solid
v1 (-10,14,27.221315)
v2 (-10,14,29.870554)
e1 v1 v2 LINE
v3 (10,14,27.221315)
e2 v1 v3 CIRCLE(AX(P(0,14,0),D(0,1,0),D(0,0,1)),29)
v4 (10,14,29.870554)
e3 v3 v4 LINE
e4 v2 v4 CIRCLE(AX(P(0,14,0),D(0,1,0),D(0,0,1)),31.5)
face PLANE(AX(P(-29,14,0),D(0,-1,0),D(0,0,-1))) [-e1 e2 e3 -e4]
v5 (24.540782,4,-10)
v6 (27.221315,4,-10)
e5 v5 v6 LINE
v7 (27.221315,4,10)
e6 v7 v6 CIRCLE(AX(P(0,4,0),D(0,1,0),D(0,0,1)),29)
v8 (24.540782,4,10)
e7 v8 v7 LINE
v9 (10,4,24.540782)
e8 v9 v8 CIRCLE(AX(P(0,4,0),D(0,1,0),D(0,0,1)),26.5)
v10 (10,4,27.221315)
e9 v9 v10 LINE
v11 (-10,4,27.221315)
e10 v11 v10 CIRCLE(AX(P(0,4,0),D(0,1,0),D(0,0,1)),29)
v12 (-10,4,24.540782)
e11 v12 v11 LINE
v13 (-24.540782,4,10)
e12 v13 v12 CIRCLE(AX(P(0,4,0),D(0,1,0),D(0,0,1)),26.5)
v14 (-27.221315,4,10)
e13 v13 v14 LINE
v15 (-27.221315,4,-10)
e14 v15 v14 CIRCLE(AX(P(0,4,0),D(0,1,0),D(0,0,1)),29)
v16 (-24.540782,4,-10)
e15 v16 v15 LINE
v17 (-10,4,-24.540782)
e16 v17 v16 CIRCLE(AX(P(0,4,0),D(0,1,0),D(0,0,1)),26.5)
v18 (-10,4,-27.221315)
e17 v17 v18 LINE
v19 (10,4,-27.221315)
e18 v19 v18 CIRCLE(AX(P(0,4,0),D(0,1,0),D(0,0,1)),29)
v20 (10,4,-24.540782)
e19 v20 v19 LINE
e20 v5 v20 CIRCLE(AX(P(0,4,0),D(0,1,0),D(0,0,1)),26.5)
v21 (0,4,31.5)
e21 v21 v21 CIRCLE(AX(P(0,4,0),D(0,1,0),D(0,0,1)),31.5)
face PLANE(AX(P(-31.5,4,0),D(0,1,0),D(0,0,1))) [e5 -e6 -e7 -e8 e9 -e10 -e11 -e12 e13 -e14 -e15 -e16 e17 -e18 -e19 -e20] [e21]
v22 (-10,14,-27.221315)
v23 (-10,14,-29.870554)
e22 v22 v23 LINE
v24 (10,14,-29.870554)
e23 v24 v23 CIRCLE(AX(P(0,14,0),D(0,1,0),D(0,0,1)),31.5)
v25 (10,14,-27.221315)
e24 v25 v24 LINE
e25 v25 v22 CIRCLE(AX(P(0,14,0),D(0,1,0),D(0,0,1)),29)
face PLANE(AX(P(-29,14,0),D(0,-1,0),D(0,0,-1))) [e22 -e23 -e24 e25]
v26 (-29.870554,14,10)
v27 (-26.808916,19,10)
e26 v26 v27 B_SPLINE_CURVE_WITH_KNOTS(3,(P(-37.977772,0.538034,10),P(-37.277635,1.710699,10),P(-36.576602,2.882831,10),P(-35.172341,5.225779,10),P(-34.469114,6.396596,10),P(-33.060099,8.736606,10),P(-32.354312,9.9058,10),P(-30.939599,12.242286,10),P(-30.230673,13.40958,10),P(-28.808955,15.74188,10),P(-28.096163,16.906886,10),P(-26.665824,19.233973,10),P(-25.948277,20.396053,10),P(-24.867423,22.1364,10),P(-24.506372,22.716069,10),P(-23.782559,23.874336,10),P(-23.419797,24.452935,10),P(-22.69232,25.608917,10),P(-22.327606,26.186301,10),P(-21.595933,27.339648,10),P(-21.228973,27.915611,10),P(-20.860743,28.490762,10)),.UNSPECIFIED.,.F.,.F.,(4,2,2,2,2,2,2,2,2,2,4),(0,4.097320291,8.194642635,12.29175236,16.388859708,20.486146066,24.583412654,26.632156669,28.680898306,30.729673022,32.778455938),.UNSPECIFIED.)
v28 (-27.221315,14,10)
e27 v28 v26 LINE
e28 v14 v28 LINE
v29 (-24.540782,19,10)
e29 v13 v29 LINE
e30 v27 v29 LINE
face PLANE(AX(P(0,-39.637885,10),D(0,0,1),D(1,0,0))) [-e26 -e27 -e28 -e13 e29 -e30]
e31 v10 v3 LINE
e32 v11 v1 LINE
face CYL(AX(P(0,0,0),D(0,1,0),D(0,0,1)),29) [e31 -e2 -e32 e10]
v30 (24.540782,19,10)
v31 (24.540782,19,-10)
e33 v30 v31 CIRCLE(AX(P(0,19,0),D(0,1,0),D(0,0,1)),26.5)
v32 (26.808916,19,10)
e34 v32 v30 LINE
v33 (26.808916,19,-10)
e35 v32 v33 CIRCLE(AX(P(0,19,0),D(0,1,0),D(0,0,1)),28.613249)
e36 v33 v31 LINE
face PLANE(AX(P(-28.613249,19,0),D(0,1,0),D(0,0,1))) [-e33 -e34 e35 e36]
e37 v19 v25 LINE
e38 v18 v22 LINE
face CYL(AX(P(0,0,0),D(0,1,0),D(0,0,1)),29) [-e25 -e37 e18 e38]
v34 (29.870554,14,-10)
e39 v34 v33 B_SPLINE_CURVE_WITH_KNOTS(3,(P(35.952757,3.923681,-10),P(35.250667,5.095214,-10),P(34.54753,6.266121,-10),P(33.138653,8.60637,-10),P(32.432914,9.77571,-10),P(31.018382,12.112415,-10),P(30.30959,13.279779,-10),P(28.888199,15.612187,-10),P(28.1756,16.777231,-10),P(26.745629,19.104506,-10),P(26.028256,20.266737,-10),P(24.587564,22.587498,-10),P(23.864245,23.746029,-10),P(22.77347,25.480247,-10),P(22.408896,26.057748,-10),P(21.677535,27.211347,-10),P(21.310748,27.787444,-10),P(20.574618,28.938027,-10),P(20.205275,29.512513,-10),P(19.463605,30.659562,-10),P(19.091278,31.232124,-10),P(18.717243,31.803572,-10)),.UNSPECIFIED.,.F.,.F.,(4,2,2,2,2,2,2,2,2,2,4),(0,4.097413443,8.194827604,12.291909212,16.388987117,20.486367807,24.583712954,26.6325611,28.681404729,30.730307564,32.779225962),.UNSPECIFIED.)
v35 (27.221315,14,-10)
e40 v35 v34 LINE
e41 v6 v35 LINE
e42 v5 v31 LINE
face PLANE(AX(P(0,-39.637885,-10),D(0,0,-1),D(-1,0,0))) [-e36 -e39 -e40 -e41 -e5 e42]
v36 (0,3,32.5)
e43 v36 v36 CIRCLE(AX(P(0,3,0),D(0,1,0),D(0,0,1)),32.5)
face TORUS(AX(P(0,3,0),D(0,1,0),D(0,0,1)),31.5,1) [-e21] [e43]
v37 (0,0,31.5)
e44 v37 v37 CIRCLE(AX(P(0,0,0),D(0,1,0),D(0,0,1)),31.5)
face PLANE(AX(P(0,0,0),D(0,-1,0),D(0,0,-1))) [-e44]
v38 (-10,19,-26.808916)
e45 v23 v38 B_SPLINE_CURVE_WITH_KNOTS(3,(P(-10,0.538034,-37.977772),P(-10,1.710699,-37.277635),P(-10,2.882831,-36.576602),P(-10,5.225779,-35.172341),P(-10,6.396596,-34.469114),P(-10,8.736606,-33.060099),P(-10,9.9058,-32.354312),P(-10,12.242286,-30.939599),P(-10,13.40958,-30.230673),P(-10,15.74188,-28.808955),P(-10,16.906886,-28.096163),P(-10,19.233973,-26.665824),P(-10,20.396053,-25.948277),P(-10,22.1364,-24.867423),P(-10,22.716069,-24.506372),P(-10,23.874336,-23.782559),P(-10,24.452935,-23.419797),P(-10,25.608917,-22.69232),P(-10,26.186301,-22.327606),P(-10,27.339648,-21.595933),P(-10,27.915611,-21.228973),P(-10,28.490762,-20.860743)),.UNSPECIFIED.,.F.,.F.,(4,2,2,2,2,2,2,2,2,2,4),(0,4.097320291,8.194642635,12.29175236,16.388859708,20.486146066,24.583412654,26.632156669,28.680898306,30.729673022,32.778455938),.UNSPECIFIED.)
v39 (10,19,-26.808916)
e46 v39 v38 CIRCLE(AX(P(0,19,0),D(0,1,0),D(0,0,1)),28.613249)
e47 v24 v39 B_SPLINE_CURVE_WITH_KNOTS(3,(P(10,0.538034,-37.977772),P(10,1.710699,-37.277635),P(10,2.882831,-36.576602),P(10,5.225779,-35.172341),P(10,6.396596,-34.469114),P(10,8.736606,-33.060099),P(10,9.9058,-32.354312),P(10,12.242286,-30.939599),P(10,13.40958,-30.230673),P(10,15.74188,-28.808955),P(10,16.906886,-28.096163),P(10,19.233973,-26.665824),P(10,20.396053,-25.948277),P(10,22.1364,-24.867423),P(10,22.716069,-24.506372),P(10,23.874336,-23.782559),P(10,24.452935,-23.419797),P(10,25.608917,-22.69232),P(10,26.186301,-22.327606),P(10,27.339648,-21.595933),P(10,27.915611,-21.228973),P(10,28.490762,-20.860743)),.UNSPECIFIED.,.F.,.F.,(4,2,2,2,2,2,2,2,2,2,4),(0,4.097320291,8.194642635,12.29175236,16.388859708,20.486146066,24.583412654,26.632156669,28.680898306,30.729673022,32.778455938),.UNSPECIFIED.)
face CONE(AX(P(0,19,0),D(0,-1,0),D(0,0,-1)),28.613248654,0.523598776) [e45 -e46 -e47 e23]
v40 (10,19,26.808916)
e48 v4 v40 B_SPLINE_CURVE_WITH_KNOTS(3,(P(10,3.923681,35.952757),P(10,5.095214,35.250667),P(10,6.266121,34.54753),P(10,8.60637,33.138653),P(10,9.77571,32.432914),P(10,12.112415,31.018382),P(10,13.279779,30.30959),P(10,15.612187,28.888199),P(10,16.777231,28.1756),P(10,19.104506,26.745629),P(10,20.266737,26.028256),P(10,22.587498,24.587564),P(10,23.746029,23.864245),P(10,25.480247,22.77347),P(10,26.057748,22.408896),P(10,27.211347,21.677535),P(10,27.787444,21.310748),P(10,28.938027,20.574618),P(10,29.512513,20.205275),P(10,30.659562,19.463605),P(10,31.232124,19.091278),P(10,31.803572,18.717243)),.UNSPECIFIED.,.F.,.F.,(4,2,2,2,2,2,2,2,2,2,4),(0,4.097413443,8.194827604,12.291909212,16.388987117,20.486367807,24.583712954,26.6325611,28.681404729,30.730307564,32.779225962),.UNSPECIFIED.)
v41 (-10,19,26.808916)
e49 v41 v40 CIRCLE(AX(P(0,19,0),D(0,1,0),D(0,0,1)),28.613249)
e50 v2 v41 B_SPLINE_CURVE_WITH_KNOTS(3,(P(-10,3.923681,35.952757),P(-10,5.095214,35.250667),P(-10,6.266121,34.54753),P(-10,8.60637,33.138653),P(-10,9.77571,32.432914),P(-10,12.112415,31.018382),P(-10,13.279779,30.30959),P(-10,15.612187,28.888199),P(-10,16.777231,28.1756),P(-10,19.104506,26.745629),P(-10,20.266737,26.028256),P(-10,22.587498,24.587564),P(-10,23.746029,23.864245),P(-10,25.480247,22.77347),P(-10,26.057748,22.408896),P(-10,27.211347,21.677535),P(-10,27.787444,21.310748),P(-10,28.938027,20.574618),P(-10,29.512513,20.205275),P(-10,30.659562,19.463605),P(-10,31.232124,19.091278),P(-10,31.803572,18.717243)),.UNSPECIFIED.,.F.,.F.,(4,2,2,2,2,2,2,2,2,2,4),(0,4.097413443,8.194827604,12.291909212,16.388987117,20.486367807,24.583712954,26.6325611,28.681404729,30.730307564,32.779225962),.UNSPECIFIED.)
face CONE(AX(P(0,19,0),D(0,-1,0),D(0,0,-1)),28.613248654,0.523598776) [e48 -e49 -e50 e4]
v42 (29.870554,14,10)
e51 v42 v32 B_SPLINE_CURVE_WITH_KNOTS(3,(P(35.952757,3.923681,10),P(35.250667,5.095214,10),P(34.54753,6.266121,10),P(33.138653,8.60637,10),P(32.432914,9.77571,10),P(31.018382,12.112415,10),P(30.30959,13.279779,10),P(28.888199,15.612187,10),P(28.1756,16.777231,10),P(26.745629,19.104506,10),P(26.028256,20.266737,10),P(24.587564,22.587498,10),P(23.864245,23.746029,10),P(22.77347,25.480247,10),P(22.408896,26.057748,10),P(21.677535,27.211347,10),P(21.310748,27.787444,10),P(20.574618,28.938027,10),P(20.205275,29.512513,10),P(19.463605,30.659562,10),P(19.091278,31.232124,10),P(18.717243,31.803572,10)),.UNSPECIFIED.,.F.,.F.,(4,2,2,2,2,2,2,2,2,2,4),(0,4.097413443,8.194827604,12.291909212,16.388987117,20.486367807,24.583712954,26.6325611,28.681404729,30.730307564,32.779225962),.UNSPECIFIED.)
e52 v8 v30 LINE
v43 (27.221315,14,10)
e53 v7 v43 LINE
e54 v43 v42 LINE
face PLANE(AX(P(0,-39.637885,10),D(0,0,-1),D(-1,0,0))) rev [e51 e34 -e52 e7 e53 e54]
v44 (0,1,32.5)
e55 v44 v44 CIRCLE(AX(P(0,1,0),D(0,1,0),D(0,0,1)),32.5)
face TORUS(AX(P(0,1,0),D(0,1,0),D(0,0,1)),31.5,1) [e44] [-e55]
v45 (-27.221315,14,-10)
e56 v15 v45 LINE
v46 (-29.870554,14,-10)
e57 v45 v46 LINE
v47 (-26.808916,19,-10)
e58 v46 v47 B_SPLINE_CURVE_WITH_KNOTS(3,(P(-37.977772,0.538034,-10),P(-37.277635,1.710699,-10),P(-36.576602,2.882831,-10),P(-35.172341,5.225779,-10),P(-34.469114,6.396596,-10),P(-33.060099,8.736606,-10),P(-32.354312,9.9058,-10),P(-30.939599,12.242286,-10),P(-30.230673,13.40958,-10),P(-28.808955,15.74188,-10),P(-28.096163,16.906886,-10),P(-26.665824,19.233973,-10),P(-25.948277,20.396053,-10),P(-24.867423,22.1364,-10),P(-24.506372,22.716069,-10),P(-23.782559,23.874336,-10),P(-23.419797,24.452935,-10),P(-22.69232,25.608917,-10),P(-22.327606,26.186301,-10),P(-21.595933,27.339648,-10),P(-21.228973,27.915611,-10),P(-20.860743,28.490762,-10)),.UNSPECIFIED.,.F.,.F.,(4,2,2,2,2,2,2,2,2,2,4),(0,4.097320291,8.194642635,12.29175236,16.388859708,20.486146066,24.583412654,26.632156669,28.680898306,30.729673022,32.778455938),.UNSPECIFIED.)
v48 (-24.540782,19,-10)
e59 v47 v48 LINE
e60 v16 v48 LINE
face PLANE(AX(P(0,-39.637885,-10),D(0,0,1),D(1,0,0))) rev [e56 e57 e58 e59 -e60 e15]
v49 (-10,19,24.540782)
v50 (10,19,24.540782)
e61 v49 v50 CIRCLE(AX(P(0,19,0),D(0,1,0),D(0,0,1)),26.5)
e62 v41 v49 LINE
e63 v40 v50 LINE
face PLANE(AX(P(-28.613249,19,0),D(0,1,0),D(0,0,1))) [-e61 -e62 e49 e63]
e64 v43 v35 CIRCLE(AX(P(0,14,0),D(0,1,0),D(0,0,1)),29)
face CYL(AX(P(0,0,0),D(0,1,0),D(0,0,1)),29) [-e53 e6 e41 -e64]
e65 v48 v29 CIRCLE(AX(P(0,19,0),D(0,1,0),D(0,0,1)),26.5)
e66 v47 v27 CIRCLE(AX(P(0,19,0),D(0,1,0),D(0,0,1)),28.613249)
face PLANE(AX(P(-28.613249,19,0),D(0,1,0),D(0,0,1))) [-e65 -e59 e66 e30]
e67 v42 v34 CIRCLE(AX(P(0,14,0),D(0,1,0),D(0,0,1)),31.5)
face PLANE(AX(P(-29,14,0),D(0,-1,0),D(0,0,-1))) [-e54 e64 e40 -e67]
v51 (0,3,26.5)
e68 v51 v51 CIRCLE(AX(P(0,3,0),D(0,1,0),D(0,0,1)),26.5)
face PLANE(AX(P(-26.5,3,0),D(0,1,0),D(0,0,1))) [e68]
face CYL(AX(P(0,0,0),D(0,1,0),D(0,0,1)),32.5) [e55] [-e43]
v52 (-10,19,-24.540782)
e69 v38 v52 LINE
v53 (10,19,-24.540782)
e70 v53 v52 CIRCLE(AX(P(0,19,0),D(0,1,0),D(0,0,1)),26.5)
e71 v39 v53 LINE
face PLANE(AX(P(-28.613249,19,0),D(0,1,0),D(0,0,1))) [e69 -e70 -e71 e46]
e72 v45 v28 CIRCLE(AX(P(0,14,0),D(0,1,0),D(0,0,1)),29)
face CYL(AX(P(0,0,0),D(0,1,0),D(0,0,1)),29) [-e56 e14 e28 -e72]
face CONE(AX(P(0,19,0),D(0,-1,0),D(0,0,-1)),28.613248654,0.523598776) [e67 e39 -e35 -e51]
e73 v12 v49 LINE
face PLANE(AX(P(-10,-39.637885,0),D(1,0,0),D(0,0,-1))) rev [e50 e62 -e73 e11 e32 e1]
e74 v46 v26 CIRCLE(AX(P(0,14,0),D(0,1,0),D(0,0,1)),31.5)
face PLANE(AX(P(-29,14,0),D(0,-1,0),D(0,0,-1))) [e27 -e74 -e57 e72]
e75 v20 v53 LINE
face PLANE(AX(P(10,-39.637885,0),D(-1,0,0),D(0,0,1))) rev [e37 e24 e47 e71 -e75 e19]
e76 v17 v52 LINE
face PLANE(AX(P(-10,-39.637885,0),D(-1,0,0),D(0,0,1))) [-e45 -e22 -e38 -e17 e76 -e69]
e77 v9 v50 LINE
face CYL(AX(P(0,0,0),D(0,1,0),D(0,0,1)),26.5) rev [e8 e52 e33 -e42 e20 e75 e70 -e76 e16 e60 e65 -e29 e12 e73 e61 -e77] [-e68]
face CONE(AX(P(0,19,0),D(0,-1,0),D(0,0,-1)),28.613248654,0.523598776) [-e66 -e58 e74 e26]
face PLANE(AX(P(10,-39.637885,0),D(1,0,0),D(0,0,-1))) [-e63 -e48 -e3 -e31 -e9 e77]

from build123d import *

# Parameters (mm, degrees)
CUT_EXTRUDE_1_REACH = 51.734


with BuildPart() as part:
    # Эскиз1 → Повернуть1 (revolve)
    with BuildSketch(Plane.XY, mode=Mode.PRIVATE) as revolve_1_sk:
        with BuildLine():
            Line((0, 0), (-31.5, 0))
            ThreePointArc((-31.5, 0), (-32.207106781, 0.292893219), (-32.5, 1))
            Line((-32.5, 1), (-32.5, 3))
            ThreePointArc((-32.5, 3), (-32.207106781, 3.707106781), (-31.5, 4))
            Line((-31.5, 4), (-29, 4))
            Line((-29, 4), (-29, 14))
            Line((-29, 14), (-31.5, 14))
            Line((-31.5, 14), (-28.613248654, 19))
            Line((-28.613248654, 19), (-26.5, 19))
            Line((-26.5, 19), (-26.5, 3))
            Line((-26.5, 3), (0, 3))
            Line((0, 3), (0, 0))
        make_face()
    revolve(revolve_1_sk.sketch.rotate(Axis((0, 0, 0), (0, -1, 0)), 270), axis=Axis((0, 0, 0), (0, -1, 0)))

    # Вырез-Вытянуть1: up to this face of the body (flat: up to its plane)
    cut_extrude_1_end = Plane(part.part.faces().sort_by_distance((0, 4, -30.609045456))[0])
    # Эскиз2 → Вырез-Вытянуть1 (cut, up to the picked face)
    with BuildSketch(Plane(origin=(0, 19, 0), x_dir=(1, 0, 0), z_dir=(0, 1, 0)), mode=Mode.PRIVATE) as cut_extrude_1_sk1:
        with BuildLine():
            Line((-10, 26.8089164), (-10, 40.856644609))
            ThreePointArc((-10, 40.856644609), (-29.742775667, 29.742775667), (-40.856644609, 10))
            Line((-40.856644609, 10), (-26.8089164, 10))
            ThreePointArc((-26.8089164, 10), (-20.232622155, 20.232622155), (-10, 26.8089164))
        make_face()
    cut_extrude_1_tool1 = split(extrude(cut_extrude_1_sk1.sketch, amount=-CUT_EXTRUDE_1_REACH, mode=Mode.PRIVATE), bisect_by=cut_extrude_1_end, keep=Keep.BOTH, mode=Mode.PRIVATE)
    # Эскиз2 → Вырез-Вытянуть1 (cut, up to the picked face)
    with BuildSketch(Plane(origin=(0, 19, 0), x_dir=(1, 0, 0), z_dir=(0, 1, 0)), mode=Mode.PRIVATE) as cut_extrude_1_sk2:
        with BuildLine():
            ThreePointArc((26.8089164, 10), (20.232622155, 20.232622155), (10, 26.8089164))
            Line((10, 26.8089164), (10, 24.540782384))
            ThreePointArc((10, 24.540782384), (18.738329701, 18.738329701), (24.540782384, 10))
            Line((24.540782384, 10), (26.8089164, 10))
        make_face()
    cut_extrude_1_tool2 = split(extrude(cut_extrude_1_sk2.sketch, amount=-CUT_EXTRUDE_1_REACH, mode=Mode.PRIVATE), bisect_by=cut_extrude_1_end, keep=Keep.BOTH, mode=Mode.PRIVATE)
    # Эскиз2 → Вырез-Вытянуть1 (cut, up to the picked face)
    with BuildSketch(Plane(origin=(0, 19, 0), x_dir=(1, 0, 0), z_dir=(0, 1, 0)), mode=Mode.PRIVATE) as cut_extrude_1_sk3:
        with BuildLine():
            ThreePointArc((40.856644609, 10), (29.742775667, 29.742775667), (10, 40.856644609))
            Line((10, 40.856644609), (10, 26.8089164))
            ThreePointArc((10, 26.8089164), (20.232622155, 20.232622155), (26.8089164, 10))
            Line((26.8089164, 10), (40.856644609, 10))
        make_face()
    cut_extrude_1_tool3 = split(extrude(cut_extrude_1_sk3.sketch, amount=-CUT_EXTRUDE_1_REACH, mode=Mode.PRIVATE), bisect_by=cut_extrude_1_end, keep=Keep.BOTH, mode=Mode.PRIVATE)
    # Эскиз2 → Вырез-Вытянуть1 (cut, up to the picked face)
    with BuildSketch(Plane(origin=(0, 19, 0), x_dir=(1, 0, 0), z_dir=(0, 1, 0)), mode=Mode.PRIVATE) as cut_extrude_1_sk4:
        with BuildLine():
            ThreePointArc((10, -40.856644609), (29.742775667, -29.742775667), (40.856644609, -10))
            Line((40.856644609, -10), (26.8089164, -10))
            ThreePointArc((26.8089164, -10), (20.232622155, -20.232622155), (10, -26.8089164))
            Line((10, -26.8089164), (10, -40.856644609))
        make_face()
    cut_extrude_1_tool4 = split(extrude(cut_extrude_1_sk4.sketch, amount=-CUT_EXTRUDE_1_REACH, mode=Mode.PRIVATE), bisect_by=cut_extrude_1_end, keep=Keep.BOTH, mode=Mode.PRIVATE)
    # Эскиз2 → Вырез-Вытянуть1 (cut, up to the picked face)
    with BuildSketch(Plane(origin=(0, 19, 0), x_dir=(1, 0, 0), z_dir=(0, 1, 0)), mode=Mode.PRIVATE) as cut_extrude_1_sk5:
        with BuildLine():
            ThreePointArc((10, -26.8089164), (20.232622155, -20.232622155), (26.8089164, -10))
            Line((26.8089164, -10), (24.540782384, -10))
            ThreePointArc((24.540782384, -10), (18.738329701, -18.738329701), (10, -24.540782384))
            Line((10, -24.540782384), (10, -26.8089164))
        make_face()
    cut_extrude_1_tool5 = split(extrude(cut_extrude_1_sk5.sketch, amount=-CUT_EXTRUDE_1_REACH, mode=Mode.PRIVATE), bisect_by=cut_extrude_1_end, keep=Keep.BOTH, mode=Mode.PRIVATE)
    # Эскиз2 → Вырез-Вытянуть1 (cut, up to the picked face)
    with BuildSketch(Plane(origin=(0, 19, 0), x_dir=(1, 0, 0), z_dir=(0, 1, 0)), mode=Mode.PRIVATE) as cut_extrude_1_sk6:
        with BuildLine():
            Line((-26.8089164, -10), (-40.856644609, -10))
            ThreePointArc((-40.856644609, -10), (-29.742775667, -29.742775667), (-10, -40.856644609))
            Line((-10, -40.856644609), (-10, -26.8089164))
            ThreePointArc((-10, -26.8089164), (-20.232622155, -20.232622155), (-26.8089164, -10))
        make_face()
    cut_extrude_1_tool6 = split(extrude(cut_extrude_1_sk6.sketch, amount=-CUT_EXTRUDE_1_REACH, mode=Mode.PRIVATE), bisect_by=cut_extrude_1_end, keep=Keep.BOTH, mode=Mode.PRIVATE)
    # Эскиз2 → Вырез-Вытянуть1 (cut, up to the picked face)
    with BuildSketch(Plane(origin=(0, 19, 0), x_dir=(1, 0, 0), z_dir=(0, 1, 0)), mode=Mode.PRIVATE) as cut_extrude_1_sk7:
        with BuildLine():
            Line((-24.540782384, -10), (-26.8089164, -10))
            ThreePointArc((-26.8089164, -10), (-20.232622155, -20.232622155), (-10, -26.8089164))
            Line((-10, -26.8089164), (-10, -24.540782384))
            ThreePointArc((-10, -24.540782384), (-18.738329701, -18.738329701), (-24.540782384, -10))
        make_face()
    cut_extrude_1_tool7 = split(extrude(cut_extrude_1_sk7.sketch, amount=-CUT_EXTRUDE_1_REACH, mode=Mode.PRIVATE), bisect_by=cut_extrude_1_end, keep=Keep.BOTH, mode=Mode.PRIVATE)
    # Эскиз2 → Вырез-Вытянуть1 (cut, up to the picked face)
    with BuildSketch(Plane(origin=(0, 19, 0), x_dir=(1, 0, 0), z_dir=(0, 1, 0)), mode=Mode.PRIVATE) as cut_extrude_1_sk8:
        with BuildLine():
            Line((-10, 24.540782384), (-10, 26.8089164))
            ThreePointArc((-10, 26.8089164), (-20.232622155, 20.232622155), (-26.8089164, 10))
            Line((-26.8089164, 10), (-24.540782384, 10))
            ThreePointArc((-24.540782384, 10), (-18.738329701, 18.738329701), (-10, 24.540782384))
        make_face()
    cut_extrude_1_tool8 = split(extrude(cut_extrude_1_sk8.sketch, amount=-CUT_EXTRUDE_1_REACH, mode=Mode.PRIVATE), bisect_by=cut_extrude_1_end, keep=Keep.BOTH, mode=Mode.PRIVATE)
    add(cut_extrude_1_tool1.solids().sort_by(Axis((-24.400112, 19, -24.400112), (0, -1, 0)))[0], mode=Mode.SUBTRACT)
    add(cut_extrude_1_tool2.solids().sort_by(Axis((18.950359, 19, -18.950359), (0, -1, 0)))[0], mode=Mode.SUBTRACT)
    add(cut_extrude_1_tool3.solids().sort_by(Axis((24.400112, 19, -24.400112), (0, -1, 0)))[0], mode=Mode.SUBTRACT)
    add(cut_extrude_1_tool4.solids().sort_by(Axis((24.400112, 19, 24.400112), (0, -1, 0)))[0], mode=Mode.SUBTRACT)
    add(cut_extrude_1_tool5.solids().sort_by(Axis((18.950359, 19, 18.950359), (0, -1, 0)))[0], mode=Mode.SUBTRACT)
    add(cut_extrude_1_tool6.solids().sort_by(Axis((-24.400112, 19, 24.400112), (0, -1, 0)))[0], mode=Mode.SUBTRACT)
    add(cut_extrude_1_tool7.solids().sort_by(Axis((-18.950359, 19, 18.950359), (0, -1, 0)))[0], mode=Mode.SUBTRACT)
    add(cut_extrude_1_tool8.solids().sort_by(Axis((-18.950359, 19, -18.950359), (0, -1, 0)))[0], mode=Mode.SUBTRACT)


solid = part.part
